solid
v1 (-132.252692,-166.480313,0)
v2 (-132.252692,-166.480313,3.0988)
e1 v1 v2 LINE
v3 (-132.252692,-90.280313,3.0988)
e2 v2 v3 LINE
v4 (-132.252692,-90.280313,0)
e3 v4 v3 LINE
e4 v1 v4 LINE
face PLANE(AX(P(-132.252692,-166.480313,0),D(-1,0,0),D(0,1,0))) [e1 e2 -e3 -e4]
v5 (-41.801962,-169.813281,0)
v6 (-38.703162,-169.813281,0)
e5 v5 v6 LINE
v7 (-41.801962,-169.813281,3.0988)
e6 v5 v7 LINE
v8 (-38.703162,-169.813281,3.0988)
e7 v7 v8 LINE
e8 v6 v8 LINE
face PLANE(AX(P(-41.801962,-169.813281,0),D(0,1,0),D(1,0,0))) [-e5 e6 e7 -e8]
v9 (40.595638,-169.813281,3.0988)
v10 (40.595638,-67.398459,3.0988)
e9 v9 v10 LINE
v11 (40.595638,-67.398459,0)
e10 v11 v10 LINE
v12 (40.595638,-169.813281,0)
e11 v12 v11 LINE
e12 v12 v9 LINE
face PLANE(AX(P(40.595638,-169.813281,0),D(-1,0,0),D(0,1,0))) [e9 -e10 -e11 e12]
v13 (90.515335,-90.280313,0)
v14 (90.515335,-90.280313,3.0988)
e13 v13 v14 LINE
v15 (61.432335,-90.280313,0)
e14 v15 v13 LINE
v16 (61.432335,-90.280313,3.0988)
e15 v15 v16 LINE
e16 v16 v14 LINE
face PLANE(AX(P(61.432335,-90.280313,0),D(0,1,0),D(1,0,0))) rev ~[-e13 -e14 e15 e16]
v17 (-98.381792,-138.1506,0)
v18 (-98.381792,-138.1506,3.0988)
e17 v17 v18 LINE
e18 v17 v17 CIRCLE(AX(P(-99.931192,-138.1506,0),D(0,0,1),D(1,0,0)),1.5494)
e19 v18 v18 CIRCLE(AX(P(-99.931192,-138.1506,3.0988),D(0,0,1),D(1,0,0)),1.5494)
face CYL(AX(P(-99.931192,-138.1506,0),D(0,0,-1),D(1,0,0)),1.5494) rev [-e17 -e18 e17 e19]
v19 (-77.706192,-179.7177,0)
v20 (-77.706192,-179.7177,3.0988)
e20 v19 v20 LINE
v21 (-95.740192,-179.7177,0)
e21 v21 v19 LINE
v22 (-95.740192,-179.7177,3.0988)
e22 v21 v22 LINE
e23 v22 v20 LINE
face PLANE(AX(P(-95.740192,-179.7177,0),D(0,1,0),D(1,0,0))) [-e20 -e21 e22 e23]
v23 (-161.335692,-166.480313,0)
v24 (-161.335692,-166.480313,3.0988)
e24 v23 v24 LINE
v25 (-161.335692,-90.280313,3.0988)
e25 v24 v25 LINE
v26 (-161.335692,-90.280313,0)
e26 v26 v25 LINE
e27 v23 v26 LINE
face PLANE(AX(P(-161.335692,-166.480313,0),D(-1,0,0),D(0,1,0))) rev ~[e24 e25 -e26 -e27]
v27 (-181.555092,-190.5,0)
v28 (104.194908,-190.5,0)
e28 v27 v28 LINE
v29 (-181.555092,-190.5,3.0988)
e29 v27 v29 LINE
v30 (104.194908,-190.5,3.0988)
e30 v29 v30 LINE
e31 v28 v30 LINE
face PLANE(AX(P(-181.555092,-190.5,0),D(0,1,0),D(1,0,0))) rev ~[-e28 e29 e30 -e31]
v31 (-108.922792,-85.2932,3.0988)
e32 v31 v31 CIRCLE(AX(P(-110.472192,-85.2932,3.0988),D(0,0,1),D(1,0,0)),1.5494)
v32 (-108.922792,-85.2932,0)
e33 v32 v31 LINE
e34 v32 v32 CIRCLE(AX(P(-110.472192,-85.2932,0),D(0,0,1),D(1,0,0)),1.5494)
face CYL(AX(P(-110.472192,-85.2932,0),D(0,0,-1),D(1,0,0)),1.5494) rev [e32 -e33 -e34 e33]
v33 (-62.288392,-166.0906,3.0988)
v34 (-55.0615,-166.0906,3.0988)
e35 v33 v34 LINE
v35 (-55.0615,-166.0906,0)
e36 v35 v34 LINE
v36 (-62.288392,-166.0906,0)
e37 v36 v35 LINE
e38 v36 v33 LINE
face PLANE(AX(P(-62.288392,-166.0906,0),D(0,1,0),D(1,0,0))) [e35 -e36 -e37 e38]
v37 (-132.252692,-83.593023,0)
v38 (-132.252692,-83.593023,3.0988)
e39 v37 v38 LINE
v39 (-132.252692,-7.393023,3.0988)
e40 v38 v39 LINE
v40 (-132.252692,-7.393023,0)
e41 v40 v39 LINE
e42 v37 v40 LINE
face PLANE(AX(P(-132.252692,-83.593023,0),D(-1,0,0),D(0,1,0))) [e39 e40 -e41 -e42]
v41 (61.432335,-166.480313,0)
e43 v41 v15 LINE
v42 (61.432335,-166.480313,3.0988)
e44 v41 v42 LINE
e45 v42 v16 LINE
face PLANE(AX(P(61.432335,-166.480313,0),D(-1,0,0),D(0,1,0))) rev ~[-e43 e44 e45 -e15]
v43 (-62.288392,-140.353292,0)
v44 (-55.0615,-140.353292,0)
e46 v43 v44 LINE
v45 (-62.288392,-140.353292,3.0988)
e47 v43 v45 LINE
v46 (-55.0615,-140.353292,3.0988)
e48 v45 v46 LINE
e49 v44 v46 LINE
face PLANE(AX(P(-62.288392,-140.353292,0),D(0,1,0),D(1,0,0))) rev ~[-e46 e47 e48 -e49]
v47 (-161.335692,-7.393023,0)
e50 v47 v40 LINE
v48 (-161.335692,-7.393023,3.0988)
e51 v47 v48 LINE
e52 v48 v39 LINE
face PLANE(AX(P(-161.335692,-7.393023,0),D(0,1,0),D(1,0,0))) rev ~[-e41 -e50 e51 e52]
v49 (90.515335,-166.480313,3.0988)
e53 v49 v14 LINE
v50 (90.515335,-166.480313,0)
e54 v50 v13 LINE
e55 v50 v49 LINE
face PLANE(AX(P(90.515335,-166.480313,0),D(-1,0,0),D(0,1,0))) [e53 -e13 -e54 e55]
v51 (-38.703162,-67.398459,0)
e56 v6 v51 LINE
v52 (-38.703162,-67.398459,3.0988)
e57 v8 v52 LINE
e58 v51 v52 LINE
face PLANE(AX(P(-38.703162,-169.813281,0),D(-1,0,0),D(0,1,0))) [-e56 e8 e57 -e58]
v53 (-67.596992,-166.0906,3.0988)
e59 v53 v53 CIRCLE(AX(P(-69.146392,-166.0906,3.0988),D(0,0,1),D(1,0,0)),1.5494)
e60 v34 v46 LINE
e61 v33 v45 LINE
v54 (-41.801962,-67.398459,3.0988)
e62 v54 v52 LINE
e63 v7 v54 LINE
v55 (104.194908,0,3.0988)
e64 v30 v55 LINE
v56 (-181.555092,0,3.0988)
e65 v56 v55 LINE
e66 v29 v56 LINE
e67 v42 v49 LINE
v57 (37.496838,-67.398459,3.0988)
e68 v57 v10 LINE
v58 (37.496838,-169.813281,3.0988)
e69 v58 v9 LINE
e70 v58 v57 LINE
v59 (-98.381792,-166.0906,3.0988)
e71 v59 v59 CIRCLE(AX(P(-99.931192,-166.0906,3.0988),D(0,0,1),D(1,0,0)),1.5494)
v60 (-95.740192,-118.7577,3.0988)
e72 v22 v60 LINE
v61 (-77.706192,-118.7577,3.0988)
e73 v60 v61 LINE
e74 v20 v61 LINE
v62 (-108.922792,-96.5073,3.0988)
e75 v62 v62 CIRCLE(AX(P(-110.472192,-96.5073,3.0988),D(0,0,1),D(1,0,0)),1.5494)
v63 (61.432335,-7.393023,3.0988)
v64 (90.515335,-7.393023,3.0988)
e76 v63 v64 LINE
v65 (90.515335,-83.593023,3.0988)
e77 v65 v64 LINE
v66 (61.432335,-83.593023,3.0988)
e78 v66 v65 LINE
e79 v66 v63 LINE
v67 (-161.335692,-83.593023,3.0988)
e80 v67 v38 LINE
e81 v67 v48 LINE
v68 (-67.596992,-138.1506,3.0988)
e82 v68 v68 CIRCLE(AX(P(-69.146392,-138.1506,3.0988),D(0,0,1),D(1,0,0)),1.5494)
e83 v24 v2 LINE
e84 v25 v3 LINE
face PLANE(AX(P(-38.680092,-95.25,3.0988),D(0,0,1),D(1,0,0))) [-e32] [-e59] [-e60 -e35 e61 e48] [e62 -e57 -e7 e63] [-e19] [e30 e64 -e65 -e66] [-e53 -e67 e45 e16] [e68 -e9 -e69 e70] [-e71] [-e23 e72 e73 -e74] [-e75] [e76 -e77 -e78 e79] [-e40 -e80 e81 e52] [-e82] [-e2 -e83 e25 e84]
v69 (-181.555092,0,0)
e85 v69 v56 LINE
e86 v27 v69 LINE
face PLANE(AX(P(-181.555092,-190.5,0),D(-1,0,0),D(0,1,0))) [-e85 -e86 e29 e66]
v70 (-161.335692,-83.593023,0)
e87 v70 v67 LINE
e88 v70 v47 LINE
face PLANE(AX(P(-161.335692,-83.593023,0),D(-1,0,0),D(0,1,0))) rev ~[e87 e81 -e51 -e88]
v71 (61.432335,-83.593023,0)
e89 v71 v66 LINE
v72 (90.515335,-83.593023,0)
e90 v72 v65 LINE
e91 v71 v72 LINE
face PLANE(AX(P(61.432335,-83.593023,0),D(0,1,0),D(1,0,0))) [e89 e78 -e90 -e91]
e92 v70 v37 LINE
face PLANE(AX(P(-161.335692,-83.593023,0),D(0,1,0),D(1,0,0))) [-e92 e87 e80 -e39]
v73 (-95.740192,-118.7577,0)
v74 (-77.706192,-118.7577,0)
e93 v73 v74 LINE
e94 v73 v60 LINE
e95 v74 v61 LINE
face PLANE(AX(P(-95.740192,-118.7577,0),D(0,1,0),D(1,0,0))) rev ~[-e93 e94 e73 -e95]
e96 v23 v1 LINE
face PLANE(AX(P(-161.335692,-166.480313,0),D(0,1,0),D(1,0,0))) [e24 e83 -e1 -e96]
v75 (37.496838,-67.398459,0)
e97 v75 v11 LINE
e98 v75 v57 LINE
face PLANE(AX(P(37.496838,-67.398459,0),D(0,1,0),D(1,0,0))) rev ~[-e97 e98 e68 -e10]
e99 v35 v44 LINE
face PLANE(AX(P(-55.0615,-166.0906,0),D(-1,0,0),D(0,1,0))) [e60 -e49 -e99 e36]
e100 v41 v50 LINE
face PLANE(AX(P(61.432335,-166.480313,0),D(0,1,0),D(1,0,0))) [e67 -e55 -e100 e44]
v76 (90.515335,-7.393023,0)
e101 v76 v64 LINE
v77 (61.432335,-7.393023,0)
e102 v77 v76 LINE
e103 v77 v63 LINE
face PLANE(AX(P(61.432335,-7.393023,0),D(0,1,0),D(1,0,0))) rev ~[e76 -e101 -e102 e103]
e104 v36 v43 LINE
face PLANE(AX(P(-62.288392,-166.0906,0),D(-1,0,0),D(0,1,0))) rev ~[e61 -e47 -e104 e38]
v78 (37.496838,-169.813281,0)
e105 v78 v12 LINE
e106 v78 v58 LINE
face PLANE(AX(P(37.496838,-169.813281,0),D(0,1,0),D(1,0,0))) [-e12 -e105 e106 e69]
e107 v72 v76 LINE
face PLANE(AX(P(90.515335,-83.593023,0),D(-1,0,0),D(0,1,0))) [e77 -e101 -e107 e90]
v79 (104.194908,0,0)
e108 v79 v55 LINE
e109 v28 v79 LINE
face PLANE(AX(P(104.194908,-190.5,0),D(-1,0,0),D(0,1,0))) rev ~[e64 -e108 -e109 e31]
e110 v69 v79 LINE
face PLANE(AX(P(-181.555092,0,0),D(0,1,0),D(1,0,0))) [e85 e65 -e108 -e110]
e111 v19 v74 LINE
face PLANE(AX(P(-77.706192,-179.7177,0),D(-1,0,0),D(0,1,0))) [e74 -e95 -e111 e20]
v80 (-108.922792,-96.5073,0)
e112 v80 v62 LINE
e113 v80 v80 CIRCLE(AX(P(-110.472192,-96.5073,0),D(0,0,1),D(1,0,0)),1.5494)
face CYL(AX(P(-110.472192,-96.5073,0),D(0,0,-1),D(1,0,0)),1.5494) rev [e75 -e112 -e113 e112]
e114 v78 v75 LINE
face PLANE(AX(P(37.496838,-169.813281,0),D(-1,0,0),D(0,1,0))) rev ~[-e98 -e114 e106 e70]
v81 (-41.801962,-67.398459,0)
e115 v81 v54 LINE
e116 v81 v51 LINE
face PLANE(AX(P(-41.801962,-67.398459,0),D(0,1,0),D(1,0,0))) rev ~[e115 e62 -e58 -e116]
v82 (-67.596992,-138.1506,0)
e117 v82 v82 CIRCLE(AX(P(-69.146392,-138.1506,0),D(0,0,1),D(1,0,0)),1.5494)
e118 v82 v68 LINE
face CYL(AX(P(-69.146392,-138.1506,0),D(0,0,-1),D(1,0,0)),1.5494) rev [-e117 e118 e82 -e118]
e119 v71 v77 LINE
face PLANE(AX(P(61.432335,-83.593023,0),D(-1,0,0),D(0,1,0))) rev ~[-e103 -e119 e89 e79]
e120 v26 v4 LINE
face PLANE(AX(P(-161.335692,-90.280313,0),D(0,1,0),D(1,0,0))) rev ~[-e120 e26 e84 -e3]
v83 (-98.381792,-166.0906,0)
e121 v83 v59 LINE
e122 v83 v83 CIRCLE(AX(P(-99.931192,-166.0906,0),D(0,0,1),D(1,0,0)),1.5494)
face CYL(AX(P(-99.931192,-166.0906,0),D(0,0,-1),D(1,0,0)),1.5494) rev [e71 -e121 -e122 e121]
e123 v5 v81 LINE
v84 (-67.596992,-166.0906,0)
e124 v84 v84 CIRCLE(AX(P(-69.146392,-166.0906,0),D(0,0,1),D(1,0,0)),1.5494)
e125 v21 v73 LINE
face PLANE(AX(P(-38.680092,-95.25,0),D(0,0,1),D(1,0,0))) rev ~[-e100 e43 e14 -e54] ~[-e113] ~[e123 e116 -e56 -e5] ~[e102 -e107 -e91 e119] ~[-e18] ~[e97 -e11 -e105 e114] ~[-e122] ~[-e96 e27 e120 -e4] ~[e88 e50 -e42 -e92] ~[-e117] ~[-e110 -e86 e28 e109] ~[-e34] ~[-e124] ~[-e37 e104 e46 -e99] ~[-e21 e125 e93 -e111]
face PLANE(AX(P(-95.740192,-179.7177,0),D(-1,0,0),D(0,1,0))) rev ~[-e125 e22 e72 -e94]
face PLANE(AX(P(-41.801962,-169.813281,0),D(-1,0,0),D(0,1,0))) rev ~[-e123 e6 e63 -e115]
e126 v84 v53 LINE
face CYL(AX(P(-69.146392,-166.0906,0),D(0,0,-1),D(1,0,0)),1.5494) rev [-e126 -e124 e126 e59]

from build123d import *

# Parameters (mm, degrees)
F1_W     = 285.75
F1_H     = 190.5
F1_R     = 1.5494
F1_W_2   = 18.034
F1_H_2   = 60.96
F1_W_3   = 7.226892
F1_H_3   = 25.737308
F1_W_4   = 29.083
F1_H_4   = 76.2
F1_W_5   = 3.0988
F1_H_5   = 102.414822
F2_DEPTH = 3.0988


with BuildPart() as f2:
    # F1 (on face) → F2 (new body)
    with BuildSketch(Plane.XY):
        with Locations((-38.680092, -95.25)):
            Rectangle(F1_W, F1_H)
        with Locations((-99.931192, -166.0906)):
            Circle(F1_R, mode=Mode.SUBTRACT)
        with Locations((-86.723192, -149.2377)):
            Rectangle(F1_W_2, F1_H_2, mode=Mode.SUBTRACT)
        with Locations((-69.146392, -166.0906)):
            Circle(F1_R, mode=Mode.SUBTRACT)
        with Locations((-58.674946, -153.221946)):
            Rectangle(F1_W_3, F1_H_3, mode=Mode.SUBTRACT)
        with Locations((-146.794192, -128.380313)):
            Rectangle(F1_W_4, F1_H_4, mode=Mode.SUBTRACT)
        with Locations((-110.472192, -96.5073)):
            Circle(F1_R, mode=Mode.SUBTRACT)
        with Locations((-99.931192, -138.1506)):
            Circle(F1_R, mode=Mode.SUBTRACT)
        with Locations((-69.146392, -138.1506)):
            Circle(F1_R, mode=Mode.SUBTRACT)
        with Locations((-40.252562, -118.60587)):
            Rectangle(F1_W_5, F1_H_5, mode=Mode.SUBTRACT)
        with Locations((75.973835, -128.380313)):
            Rectangle(F1_W_4, F1_H_4, mode=Mode.SUBTRACT)
        with Locations((39.046238, -118.60587)):
            Rectangle(F1_W_5, F1_H_5, mode=Mode.SUBTRACT)
        with Locations((-110.472192, -85.2932)):
            Circle(F1_R, mode=Mode.SUBTRACT)
        with Locations((-146.794192, -45.493023)):
            Rectangle(F1_W_4, F1_H_4, mode=Mode.SUBTRACT)
        with Locations((75.973835, -45.493023)):
            Rectangle(F1_W_4, F1_H_4, mode=Mode.SUBTRACT)
    extrude(amount=F2_DEPTH)


solid = f2.part
